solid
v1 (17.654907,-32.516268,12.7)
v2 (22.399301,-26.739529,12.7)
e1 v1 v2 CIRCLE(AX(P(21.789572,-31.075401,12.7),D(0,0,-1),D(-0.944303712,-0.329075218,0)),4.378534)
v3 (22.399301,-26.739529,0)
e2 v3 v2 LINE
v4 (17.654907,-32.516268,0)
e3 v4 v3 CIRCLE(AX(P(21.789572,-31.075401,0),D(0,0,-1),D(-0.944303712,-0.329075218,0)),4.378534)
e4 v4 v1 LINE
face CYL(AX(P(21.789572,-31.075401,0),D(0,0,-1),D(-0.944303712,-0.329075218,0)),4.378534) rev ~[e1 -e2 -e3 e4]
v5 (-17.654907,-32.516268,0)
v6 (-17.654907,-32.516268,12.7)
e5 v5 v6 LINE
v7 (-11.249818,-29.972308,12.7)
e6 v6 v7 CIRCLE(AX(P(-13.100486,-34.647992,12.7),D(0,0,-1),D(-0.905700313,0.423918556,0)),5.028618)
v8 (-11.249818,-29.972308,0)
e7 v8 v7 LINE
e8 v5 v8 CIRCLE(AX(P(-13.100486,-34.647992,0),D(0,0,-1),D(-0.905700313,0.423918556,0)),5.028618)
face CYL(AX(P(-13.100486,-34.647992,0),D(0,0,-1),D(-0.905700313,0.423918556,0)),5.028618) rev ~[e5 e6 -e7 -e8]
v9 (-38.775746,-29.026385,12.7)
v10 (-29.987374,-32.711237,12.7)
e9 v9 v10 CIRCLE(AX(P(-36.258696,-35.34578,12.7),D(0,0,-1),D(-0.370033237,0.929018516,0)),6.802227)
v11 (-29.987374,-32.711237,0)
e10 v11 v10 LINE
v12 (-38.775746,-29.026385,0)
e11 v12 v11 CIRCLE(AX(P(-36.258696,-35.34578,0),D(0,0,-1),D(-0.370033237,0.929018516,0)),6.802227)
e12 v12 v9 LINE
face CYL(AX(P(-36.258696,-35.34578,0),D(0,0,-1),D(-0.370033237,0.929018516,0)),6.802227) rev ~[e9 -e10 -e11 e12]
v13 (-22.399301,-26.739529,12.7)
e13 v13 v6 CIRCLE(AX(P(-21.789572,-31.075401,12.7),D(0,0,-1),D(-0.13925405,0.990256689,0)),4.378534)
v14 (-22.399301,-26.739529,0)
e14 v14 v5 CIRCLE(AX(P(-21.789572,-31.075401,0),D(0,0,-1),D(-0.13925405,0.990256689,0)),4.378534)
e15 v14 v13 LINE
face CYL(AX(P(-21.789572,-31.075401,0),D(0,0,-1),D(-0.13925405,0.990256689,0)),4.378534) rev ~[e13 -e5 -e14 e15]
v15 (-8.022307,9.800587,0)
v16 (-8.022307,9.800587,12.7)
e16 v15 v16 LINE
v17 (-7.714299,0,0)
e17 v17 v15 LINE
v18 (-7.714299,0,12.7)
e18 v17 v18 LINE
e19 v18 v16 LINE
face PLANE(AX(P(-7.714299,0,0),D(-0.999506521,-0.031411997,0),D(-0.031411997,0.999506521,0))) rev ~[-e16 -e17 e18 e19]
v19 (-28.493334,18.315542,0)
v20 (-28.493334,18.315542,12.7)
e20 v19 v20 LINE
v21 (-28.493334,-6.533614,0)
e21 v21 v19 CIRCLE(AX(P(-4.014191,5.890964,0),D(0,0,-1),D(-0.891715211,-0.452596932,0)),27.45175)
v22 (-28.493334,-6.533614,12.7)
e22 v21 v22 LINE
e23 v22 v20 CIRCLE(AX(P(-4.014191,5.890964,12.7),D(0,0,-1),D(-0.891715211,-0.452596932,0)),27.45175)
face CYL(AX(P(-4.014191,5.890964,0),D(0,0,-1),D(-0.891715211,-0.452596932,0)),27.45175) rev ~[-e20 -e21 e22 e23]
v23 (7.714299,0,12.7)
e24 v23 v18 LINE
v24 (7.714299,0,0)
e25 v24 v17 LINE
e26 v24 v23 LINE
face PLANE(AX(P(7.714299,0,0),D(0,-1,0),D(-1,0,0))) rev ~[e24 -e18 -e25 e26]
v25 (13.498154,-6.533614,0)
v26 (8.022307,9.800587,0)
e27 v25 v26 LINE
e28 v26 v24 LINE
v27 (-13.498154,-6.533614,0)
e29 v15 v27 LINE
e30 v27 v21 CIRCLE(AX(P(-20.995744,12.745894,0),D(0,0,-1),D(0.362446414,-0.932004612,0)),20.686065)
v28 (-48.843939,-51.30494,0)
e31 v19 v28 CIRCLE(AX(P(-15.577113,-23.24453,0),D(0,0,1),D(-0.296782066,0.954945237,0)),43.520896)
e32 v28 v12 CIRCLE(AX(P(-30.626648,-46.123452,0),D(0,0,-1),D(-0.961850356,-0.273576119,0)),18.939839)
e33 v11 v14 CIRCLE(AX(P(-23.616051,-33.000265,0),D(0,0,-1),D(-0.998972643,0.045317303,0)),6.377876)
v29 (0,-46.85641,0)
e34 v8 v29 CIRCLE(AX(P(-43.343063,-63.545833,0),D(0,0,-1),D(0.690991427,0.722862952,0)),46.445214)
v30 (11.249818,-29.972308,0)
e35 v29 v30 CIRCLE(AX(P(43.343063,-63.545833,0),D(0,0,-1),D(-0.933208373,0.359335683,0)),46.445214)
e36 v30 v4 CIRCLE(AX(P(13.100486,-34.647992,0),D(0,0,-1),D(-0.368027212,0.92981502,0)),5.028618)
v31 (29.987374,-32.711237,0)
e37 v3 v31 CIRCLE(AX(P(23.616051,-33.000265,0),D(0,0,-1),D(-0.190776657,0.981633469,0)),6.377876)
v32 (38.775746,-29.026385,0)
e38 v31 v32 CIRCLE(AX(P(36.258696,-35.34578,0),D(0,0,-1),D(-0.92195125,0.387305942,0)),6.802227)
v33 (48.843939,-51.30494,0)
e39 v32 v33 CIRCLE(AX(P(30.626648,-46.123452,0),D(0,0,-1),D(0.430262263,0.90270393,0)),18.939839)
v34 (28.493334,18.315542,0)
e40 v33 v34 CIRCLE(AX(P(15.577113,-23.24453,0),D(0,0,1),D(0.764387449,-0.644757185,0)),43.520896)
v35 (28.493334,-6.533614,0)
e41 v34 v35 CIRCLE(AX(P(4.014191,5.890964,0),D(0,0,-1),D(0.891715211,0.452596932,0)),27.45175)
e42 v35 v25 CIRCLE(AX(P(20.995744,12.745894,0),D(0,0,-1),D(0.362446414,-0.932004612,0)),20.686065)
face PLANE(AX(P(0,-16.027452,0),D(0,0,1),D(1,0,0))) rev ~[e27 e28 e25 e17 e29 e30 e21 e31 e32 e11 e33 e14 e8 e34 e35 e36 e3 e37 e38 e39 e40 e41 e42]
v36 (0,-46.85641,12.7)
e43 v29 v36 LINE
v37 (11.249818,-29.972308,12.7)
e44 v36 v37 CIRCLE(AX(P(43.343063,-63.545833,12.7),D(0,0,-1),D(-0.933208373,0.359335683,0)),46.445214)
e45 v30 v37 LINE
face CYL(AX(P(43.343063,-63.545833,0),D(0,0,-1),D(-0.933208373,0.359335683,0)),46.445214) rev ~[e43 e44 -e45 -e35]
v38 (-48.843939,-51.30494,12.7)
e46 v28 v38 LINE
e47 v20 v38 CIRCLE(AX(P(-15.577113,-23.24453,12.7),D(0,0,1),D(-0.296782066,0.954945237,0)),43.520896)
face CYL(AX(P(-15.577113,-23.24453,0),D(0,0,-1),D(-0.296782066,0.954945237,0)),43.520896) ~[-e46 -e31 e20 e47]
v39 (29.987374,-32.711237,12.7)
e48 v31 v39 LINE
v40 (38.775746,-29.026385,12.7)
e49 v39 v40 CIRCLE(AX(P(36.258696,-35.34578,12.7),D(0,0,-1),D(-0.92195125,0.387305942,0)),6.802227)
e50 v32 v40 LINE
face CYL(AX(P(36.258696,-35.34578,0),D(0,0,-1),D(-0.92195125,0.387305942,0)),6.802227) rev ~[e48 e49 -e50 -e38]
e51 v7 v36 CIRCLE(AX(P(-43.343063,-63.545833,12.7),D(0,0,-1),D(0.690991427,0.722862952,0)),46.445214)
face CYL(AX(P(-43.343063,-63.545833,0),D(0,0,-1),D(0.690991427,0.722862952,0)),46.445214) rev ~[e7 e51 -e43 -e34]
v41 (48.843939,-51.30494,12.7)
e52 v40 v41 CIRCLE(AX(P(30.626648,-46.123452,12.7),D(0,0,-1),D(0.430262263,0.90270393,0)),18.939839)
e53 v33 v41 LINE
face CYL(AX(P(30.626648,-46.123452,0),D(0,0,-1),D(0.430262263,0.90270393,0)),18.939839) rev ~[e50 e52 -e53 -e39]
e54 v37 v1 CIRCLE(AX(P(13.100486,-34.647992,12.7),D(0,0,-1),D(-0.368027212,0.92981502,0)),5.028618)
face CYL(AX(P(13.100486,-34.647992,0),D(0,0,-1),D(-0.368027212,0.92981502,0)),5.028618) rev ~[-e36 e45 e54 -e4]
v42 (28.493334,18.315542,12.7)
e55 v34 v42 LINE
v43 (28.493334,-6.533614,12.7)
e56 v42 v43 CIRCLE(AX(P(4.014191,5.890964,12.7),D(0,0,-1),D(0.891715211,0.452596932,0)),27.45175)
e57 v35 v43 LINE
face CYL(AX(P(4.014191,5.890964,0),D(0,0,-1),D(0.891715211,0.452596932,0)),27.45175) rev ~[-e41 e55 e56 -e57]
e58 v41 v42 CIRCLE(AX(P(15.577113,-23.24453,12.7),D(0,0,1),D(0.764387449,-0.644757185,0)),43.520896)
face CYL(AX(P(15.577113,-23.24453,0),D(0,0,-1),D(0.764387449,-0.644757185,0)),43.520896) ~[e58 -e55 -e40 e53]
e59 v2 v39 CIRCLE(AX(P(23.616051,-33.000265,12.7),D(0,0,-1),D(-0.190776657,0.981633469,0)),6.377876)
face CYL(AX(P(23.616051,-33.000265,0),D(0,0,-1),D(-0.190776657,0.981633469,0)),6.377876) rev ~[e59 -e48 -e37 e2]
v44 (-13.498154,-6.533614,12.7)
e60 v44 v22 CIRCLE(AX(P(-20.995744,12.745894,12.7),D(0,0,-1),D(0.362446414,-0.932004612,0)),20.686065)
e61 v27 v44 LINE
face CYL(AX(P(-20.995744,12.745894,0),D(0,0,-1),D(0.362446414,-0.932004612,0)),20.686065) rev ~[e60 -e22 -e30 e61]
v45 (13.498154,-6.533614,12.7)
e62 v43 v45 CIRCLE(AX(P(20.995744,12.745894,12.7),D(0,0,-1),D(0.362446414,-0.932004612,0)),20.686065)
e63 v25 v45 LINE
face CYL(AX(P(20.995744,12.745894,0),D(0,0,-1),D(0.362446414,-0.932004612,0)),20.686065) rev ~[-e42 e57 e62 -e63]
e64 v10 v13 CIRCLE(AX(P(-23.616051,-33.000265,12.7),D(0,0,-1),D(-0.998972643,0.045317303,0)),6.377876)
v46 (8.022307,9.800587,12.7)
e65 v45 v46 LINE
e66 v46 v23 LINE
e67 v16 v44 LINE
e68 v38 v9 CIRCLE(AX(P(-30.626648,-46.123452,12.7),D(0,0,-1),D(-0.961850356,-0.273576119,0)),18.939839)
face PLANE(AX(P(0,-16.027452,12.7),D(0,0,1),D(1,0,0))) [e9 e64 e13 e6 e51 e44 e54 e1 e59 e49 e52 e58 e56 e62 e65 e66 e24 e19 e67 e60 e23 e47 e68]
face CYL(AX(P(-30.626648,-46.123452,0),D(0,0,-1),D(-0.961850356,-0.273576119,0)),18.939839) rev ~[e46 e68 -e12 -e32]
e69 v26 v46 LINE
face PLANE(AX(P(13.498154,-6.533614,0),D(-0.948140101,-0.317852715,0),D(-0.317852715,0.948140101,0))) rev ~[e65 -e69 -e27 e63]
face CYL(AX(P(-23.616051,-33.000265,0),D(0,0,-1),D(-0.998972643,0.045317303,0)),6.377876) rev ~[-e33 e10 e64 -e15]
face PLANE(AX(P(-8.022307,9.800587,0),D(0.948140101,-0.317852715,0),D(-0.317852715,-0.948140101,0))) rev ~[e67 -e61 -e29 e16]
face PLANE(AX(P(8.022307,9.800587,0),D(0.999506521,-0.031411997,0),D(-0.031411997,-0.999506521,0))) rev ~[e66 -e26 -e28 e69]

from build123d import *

# Parameters (mm, degrees)
F1_DEPTH = 12.7


with BuildPart() as f1:
    # F0 (on Top) → F1 (new body)
    with BuildSketch(Plane.XY):
        with BuildLine():
            Line((7.714299, 0), (0, 0))
            Line((0, 0), (-7.714299, 0))
            Line((-7.714299, 0), (-8.022307, 9.800587))
            Line((-8.022307, 9.800587), (-13.498154, -6.533614))
            ThreePointArc((-13.498154, -6.533614), (-20.995744, -7.940171), (-28.493334, -6.533614))
            ThreePointArc((-28.493334, -6.533614), (-31.465941, 5.890964), (-28.493334, 18.315542))
            ThreePointArc((-28.493334, 18.315542), (-57.349967, -11.034002), (-48.843939, -51.30494))
            ThreePointArc((-48.843939, -51.30494), (-47.885852, -38.32362), (-38.775746, -29.026385))
            ThreePointArc((-38.775746, -29.026385), (-33.628454, -29.072653), (-29.987374, -32.711237))
            ThreePointArc((-29.987374, -32.711237), (-27.56038, -27.988323), (-22.399301, -26.739529))
            ThreePointArc((-22.399301, -26.739529), (-18.405939, -28.296448), (-17.654907, -32.516268))
            ThreePointArc((-17.654907, -32.516268), (-14.956693, -29.974504), (-11.249818, -29.972308))
            ThreePointArc((-11.249818, -29.972308), (-4.691706, -37.79257), (0, -46.85641))
            ThreePointArc((0, -46.85641), (4.691706, -37.79257), (11.249818, -29.972308))
            ThreePointArc((11.249818, -29.972308), (14.956693, -29.974504), (17.654907, -32.516268))
            ThreePointArc((17.654907, -32.516268), (18.405939, -28.296448), (22.399301, -26.739529))
            ThreePointArc((22.399301, -26.739529), (27.56038, -27.988323), (29.987374, -32.711237))
            ThreePointArc((29.987374, -32.711237), (33.628454, -29.072653), (38.775746, -29.026385))
            ThreePointArc((38.775746, -29.026385), (47.885852, -38.32362), (48.843939, -51.30494))
            ThreePointArc((48.843939, -51.30494), (57.349967, -11.034002), (28.493334, 18.315542))
            ThreePointArc((28.493334, 18.315542), (31.465941, 5.890964), (28.493334, -6.533614))
            ThreePointArc((28.493334, -6.533614), (20.995744, -7.940171), (13.498154, -6.533614))
            Line((13.498154, -6.533614), (8.022307, 9.800587))
            Line((8.022307, 9.800587), (7.714299, 0))
        make_face()
    extrude(amount=F1_DEPTH)


solid = f1.part
